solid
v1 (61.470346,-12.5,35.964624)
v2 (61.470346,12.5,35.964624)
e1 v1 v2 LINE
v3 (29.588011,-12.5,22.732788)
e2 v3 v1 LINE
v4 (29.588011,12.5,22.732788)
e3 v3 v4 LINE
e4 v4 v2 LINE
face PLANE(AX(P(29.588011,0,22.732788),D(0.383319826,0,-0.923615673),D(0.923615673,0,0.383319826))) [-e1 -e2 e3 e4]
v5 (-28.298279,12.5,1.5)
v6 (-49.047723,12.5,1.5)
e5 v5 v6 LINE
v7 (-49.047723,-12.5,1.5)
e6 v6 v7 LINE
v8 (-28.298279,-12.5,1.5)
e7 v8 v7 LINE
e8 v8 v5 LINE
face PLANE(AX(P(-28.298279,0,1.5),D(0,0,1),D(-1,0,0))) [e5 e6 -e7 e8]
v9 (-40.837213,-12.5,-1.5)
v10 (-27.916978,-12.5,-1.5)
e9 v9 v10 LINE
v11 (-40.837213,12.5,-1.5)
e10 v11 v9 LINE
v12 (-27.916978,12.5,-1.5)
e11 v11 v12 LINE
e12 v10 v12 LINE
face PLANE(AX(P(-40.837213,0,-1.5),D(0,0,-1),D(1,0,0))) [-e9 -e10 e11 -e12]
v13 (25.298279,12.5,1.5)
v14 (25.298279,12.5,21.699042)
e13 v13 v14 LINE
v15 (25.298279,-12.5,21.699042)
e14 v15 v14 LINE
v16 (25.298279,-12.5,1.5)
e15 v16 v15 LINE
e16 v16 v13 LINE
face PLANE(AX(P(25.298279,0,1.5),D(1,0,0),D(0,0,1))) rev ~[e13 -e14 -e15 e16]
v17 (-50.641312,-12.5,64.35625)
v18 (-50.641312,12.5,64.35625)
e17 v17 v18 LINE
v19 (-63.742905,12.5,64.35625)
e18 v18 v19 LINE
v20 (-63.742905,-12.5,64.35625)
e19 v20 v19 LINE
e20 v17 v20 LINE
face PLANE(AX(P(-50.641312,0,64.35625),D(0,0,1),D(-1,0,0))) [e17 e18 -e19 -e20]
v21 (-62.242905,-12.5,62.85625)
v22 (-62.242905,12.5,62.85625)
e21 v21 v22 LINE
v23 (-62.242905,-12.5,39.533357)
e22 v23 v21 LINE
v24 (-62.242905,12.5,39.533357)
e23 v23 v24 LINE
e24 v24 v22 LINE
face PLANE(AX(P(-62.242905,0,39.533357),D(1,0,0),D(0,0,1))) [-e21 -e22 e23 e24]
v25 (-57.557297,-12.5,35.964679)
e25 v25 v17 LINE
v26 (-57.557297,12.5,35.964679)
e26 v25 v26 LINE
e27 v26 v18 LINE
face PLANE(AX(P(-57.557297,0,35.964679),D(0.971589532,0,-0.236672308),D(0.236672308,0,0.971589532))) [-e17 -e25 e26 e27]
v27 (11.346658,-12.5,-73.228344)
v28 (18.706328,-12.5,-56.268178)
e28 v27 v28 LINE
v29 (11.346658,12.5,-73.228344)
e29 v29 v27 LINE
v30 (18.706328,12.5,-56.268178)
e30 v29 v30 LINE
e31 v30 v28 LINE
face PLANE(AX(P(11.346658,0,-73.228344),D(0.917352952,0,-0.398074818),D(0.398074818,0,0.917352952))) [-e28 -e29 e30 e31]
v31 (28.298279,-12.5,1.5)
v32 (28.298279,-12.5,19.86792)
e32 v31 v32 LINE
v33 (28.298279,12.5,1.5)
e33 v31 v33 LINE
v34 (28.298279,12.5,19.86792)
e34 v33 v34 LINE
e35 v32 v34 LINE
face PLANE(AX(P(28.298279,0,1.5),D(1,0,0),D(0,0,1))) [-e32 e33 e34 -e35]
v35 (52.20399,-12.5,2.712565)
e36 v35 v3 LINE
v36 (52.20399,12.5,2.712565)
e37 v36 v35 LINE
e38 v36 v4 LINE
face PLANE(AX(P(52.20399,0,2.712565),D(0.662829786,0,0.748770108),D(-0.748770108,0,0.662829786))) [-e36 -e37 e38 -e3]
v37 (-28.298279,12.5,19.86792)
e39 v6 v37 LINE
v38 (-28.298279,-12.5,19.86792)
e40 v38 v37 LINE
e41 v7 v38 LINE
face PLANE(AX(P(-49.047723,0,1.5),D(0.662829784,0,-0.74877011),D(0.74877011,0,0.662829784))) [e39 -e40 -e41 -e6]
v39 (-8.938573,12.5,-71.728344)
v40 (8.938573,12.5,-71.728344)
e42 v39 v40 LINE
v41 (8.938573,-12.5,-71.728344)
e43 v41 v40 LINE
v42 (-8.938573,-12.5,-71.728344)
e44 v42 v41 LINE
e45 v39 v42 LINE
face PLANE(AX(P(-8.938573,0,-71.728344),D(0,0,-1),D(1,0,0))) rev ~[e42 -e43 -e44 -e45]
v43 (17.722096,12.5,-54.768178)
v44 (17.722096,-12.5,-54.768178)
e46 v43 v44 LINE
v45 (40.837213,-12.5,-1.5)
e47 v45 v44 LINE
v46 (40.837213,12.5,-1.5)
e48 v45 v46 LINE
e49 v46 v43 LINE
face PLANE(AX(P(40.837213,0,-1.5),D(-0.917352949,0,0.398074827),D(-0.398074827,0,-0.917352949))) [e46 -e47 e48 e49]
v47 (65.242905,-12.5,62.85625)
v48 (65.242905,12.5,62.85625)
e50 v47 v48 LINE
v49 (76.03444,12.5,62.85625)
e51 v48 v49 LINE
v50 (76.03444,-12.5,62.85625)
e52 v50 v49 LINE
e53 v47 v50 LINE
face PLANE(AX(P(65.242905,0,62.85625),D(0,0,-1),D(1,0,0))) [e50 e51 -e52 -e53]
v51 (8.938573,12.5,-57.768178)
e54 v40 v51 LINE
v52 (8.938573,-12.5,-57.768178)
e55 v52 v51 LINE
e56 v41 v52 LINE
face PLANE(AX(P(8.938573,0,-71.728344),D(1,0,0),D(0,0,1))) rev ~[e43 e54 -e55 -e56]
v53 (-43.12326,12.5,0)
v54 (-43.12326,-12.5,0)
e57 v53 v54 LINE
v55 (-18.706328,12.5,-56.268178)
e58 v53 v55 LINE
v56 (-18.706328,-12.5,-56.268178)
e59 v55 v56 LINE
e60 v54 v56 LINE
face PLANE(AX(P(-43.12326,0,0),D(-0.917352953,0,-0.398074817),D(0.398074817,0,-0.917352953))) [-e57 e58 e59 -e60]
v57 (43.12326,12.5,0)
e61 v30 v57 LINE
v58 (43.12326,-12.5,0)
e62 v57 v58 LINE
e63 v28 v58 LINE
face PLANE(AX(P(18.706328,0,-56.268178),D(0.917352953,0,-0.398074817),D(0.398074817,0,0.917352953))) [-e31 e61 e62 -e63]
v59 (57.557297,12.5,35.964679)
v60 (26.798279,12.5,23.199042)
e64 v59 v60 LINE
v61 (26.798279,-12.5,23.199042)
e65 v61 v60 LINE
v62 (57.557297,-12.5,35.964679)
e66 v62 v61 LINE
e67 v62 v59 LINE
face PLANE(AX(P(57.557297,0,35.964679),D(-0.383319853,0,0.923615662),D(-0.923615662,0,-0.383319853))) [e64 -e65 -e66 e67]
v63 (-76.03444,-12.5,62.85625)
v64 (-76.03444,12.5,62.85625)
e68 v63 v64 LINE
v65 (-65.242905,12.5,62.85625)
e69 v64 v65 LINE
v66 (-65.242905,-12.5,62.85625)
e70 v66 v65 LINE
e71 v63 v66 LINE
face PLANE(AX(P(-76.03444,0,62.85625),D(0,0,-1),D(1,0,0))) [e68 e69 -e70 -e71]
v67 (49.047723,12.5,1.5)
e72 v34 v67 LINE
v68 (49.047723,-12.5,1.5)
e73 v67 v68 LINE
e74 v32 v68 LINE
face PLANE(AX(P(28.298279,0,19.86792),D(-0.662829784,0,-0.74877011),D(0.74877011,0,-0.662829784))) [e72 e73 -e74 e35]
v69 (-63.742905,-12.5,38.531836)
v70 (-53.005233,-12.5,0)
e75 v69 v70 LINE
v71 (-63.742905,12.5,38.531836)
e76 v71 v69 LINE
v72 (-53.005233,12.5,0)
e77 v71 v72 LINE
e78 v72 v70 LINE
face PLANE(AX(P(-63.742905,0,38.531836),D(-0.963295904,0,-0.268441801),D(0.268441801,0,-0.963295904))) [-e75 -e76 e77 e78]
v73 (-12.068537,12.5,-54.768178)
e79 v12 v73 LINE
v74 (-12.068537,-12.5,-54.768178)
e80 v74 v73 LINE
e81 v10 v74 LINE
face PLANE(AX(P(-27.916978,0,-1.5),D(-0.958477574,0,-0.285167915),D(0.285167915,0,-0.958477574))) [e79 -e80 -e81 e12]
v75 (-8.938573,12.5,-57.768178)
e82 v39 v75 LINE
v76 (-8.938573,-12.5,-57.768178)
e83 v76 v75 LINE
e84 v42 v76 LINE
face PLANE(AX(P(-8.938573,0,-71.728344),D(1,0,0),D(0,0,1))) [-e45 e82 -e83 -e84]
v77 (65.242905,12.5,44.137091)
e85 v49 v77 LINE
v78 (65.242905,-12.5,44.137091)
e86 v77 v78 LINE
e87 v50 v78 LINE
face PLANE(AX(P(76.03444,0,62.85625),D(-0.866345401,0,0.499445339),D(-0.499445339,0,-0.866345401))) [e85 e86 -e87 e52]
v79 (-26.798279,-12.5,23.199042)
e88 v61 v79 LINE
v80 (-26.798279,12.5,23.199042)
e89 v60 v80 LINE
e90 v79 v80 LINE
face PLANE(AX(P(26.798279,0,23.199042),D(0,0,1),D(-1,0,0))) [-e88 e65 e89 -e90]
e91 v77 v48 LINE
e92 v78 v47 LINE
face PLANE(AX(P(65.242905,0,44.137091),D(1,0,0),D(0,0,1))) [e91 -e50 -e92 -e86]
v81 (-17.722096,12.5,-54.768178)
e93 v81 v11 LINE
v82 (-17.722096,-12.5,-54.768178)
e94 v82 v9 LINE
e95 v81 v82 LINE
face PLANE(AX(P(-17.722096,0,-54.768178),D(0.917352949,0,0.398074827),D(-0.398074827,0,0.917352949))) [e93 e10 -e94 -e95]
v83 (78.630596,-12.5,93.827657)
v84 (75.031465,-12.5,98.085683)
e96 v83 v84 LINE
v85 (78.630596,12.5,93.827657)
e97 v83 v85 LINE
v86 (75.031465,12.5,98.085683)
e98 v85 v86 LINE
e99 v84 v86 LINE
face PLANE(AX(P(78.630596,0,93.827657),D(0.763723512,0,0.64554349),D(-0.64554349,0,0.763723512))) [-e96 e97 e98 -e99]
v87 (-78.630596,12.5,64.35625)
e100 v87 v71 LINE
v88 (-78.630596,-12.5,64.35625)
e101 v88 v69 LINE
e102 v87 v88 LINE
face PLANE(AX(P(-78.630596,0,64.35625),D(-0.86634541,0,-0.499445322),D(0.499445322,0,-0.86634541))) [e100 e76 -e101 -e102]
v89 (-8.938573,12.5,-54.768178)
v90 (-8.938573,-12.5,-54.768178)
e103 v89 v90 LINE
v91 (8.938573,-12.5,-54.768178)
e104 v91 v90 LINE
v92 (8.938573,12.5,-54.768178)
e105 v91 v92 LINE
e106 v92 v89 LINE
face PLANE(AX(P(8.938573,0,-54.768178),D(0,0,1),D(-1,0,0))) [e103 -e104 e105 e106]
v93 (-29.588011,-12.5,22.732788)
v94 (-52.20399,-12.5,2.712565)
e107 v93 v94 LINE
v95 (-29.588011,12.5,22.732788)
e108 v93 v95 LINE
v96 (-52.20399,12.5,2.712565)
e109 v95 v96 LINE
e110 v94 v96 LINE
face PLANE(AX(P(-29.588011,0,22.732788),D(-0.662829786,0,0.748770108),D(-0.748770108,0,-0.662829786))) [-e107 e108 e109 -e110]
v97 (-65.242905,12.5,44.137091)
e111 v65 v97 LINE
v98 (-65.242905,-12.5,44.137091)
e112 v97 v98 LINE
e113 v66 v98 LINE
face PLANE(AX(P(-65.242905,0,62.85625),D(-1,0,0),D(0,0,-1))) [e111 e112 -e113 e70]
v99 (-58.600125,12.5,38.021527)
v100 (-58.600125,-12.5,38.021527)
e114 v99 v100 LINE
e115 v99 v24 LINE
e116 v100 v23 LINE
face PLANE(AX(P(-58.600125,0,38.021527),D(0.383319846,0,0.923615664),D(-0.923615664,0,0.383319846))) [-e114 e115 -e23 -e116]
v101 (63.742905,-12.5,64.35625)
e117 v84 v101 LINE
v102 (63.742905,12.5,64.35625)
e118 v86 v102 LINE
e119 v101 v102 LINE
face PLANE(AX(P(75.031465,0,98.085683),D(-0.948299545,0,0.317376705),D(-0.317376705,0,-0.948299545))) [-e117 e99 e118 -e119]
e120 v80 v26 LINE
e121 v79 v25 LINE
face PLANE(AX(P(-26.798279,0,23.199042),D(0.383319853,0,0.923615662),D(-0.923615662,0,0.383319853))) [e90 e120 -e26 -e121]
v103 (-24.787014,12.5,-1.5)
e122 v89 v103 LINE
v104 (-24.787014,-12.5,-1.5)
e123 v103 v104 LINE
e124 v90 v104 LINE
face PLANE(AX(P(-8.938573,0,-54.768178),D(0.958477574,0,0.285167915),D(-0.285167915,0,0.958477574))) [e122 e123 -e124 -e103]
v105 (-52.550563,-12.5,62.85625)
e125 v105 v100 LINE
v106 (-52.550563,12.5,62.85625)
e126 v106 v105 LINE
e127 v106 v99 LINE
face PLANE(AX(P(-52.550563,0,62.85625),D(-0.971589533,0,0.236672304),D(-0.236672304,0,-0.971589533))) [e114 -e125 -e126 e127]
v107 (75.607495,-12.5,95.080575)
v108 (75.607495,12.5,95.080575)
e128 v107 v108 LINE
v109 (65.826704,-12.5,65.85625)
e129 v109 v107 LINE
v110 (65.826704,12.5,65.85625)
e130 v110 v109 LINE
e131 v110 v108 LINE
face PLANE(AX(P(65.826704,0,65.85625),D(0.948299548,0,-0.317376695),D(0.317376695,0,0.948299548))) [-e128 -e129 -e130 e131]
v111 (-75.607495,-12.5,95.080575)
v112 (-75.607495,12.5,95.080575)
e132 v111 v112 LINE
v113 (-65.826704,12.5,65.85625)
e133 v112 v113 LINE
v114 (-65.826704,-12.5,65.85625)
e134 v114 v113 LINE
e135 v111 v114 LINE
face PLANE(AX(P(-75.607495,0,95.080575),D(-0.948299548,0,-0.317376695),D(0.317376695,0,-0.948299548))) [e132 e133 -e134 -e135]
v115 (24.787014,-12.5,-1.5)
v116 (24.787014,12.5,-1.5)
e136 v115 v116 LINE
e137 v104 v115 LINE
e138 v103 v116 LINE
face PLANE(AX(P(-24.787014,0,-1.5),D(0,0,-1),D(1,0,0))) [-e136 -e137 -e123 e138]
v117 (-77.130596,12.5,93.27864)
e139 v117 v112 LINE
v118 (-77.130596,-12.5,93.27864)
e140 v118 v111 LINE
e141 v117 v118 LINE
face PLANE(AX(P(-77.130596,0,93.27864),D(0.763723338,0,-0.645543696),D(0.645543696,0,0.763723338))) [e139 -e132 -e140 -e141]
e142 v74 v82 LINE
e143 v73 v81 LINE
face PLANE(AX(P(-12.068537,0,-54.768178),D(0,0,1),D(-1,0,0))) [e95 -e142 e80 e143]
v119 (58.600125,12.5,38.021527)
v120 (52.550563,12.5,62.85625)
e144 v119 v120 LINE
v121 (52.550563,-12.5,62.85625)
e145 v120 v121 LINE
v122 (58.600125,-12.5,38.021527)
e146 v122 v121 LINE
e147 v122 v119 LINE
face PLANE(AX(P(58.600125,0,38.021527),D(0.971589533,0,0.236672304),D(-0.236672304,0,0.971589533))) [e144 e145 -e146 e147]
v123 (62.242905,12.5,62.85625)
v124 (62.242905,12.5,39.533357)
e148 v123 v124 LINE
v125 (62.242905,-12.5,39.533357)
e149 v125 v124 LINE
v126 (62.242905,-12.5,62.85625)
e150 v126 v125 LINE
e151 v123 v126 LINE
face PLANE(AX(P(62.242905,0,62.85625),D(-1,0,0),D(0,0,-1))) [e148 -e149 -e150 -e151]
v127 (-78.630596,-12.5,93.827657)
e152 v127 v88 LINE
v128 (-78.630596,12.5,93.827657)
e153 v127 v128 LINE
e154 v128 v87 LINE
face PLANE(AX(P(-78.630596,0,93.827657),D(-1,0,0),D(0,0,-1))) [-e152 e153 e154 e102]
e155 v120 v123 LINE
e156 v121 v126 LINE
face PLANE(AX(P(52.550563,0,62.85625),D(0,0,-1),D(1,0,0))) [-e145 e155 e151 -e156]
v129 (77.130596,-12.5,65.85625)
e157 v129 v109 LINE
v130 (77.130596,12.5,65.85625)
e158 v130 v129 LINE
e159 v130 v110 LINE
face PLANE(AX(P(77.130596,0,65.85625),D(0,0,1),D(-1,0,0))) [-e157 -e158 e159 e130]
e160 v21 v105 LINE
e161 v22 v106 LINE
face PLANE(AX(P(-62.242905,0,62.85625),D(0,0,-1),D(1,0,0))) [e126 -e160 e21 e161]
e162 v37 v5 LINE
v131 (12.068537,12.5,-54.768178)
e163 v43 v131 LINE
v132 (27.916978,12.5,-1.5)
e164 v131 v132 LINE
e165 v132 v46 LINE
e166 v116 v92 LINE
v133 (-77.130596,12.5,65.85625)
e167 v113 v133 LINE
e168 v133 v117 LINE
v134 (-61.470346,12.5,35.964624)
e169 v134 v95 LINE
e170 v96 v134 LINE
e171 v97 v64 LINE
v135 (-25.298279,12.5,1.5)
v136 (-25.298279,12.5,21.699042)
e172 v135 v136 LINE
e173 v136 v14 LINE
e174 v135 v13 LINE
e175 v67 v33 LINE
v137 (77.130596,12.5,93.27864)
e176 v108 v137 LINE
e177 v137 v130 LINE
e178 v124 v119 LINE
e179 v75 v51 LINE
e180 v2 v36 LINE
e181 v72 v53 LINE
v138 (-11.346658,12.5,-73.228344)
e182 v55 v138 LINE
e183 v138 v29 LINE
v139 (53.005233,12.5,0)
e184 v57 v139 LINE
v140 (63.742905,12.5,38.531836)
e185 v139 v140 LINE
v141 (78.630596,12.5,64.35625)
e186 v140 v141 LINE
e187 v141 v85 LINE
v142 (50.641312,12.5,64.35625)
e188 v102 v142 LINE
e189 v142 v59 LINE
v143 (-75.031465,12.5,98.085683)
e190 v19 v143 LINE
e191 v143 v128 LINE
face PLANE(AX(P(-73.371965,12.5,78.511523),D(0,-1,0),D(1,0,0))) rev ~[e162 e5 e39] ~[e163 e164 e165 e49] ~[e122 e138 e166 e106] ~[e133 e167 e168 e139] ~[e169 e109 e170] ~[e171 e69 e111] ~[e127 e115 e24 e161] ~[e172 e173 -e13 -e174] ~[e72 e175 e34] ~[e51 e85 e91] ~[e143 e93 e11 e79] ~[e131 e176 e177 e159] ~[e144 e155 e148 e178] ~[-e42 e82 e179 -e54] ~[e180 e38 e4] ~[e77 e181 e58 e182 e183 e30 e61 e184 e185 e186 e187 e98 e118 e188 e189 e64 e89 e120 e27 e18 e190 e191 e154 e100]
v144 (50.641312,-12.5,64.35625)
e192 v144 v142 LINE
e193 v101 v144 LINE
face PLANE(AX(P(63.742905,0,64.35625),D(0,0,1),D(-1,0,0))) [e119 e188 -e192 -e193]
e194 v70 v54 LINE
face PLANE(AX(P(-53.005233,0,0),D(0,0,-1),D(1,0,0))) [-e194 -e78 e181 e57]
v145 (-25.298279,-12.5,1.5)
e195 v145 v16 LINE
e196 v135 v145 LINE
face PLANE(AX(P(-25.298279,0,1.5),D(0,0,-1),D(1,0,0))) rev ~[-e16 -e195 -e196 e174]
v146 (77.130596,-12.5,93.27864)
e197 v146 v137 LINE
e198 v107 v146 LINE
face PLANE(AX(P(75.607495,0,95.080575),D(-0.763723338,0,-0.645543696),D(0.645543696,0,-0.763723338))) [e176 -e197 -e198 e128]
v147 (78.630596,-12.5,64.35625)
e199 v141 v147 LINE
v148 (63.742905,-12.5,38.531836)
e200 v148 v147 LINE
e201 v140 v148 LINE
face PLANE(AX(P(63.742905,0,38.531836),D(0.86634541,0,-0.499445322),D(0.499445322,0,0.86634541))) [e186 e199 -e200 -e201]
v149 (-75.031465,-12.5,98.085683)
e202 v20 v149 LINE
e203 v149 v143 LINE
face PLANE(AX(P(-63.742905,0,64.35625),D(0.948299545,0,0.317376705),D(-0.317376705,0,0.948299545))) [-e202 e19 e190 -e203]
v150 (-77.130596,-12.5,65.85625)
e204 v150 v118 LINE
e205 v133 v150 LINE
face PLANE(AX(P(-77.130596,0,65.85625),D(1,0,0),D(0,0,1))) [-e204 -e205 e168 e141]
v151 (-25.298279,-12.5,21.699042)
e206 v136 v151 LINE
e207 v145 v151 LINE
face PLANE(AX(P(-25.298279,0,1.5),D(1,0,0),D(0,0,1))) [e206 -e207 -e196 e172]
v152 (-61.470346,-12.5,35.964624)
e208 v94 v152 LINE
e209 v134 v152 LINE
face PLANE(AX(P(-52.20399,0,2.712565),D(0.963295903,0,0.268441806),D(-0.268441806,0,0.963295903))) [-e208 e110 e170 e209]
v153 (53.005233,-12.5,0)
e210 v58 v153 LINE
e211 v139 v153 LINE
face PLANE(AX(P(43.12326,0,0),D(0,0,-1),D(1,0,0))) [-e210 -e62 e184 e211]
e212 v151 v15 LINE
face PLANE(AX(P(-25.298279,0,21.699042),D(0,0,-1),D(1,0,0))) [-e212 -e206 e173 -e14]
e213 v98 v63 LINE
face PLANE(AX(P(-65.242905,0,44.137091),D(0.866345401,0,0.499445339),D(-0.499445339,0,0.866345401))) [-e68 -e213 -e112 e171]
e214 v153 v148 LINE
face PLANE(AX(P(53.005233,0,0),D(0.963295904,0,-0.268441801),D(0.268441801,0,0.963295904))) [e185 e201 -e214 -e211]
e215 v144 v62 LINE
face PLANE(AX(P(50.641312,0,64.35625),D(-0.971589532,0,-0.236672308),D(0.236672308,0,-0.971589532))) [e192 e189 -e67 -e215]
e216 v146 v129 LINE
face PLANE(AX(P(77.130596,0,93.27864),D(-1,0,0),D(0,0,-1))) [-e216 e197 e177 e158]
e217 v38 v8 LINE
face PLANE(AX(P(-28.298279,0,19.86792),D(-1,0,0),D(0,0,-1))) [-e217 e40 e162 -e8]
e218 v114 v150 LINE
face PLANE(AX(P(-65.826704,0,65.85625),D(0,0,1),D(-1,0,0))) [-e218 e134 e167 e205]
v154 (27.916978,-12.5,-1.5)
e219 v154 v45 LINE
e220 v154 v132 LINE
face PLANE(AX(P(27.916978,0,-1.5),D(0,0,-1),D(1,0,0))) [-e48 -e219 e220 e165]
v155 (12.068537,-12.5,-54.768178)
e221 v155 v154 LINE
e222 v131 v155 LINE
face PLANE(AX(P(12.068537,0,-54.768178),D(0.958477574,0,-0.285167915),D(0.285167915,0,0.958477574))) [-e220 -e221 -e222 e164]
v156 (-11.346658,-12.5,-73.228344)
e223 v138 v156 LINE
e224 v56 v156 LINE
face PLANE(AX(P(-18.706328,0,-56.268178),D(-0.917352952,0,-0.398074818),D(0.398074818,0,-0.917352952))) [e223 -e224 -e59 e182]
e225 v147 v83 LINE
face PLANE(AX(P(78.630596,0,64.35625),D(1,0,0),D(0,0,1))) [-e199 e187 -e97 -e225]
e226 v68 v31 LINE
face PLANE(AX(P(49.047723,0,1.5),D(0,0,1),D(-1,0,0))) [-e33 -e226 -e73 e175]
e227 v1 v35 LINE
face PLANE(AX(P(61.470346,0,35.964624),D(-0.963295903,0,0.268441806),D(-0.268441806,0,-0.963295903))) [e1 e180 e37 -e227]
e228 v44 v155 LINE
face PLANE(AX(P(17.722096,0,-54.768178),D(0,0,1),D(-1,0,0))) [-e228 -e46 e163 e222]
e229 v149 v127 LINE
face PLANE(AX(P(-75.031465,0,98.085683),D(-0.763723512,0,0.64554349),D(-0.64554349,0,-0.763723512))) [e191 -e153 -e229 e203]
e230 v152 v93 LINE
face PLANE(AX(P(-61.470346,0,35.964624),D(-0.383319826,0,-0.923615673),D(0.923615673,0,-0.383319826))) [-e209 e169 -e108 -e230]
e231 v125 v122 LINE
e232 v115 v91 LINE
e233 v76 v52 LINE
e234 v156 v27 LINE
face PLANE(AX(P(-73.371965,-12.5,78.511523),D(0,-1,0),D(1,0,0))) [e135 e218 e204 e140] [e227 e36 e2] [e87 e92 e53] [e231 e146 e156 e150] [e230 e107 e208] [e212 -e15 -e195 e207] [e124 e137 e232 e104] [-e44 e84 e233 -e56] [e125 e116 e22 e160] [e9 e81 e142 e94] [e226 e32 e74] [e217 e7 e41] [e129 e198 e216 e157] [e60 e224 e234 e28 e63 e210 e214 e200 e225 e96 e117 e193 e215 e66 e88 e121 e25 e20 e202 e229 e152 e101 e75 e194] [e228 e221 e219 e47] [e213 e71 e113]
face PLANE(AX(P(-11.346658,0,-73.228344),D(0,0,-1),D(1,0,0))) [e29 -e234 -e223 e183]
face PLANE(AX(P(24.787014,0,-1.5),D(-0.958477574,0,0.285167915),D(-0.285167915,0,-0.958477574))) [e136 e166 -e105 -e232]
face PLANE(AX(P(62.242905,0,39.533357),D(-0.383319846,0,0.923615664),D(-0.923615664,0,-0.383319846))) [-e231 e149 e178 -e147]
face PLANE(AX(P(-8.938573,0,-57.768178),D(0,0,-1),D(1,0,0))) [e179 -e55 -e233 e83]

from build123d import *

# Parameters (mm, degrees)
F0_W     = 50.596558
F0_H     = 20.199042
F0_W_2   = 17.877146
F0_H_2   = 13.960166
F1_DEPTH = 12.5


with BuildPart() as f1:
    # F0 (on Front) → F1 (new body, symmetric)
    with BuildSketch(Plane.XZ):
        Polygon((-78.630596, 64.35625), (-63.742905, 64.35625), (-75.031465, 98.085683), (-78.630596, 93.827657), align=None)
        Polygon((-77.130596, 65.85625), (-77.130596, 93.27864), (-75.607495, 95.080575), (-65.826704, 65.85625), align=None, mode=Mode.SUBTRACT)
        Polygon((-78.630596, 64.35625), (-63.742905, 38.531836), (-63.742905, 64.35625), align=None)
        Polygon((-65.242905, 44.137091), (-76.03444, 62.85625), (-65.242905, 62.85625), align=None, mode=Mode.SUBTRACT)
        Polygon((-63.742905, 38.531836), (-57.557297, 35.964679), (-50.641312, 64.35625), (-63.742905, 64.35625), align=None)
        Polygon((-52.550563, 62.85625), (-58.600125, 38.021527), (-62.242905, 39.533357), (-62.242905, 62.85625), align=None, mode=Mode.SUBTRACT)
        Polygon((-53.005233, 0), (-26.798279, 23.199042), (-57.557297, 35.964679), (-63.742905, 38.531836), align=None)
        Polygon((-61.470346, 35.964624), (-29.588011, 22.732788), (-52.20399, 2.712565), align=None, mode=Mode.SUBTRACT)
        Polygon((-43.12326, 0), (-26.798279, 0), (-26.798279, 23.199042), (-53.005233, 0), align=None)
        Polygon((-49.047723, 1.5), (-28.298279, 19.86792), (-28.298279, 1.5), align=None, mode=Mode.SUBTRACT)
        Polygon((-26.798279, 0), (0, 0), (26.798279, 0), (26.798279, 23.199042), (0, 23.199042), (-26.798279, 23.199042), align=None)
        with Locations((0, 11.599521)):
            Rectangle(F0_W, F0_H, mode=Mode.SUBTRACT)
        Polygon((26.798279, 23.199042), (26.798279, 0), (43.12326, 0), (53.005233, 0), align=None)
        Polygon((49.047723, 1.5), (28.298279, 1.5), (28.298279, 19.86792), align=None, mode=Mode.SUBTRACT)
        Polygon((57.557297, 35.964679), (26.798279, 23.199042), (53.005233, 0), (63.742905, 38.531836), align=None)
        Polygon((52.20399, 2.712565), (29.588011, 22.732788), (61.470346, 35.964624), align=None, mode=Mode.SUBTRACT)
        Polygon((50.641312, 64.35625), (57.557297, 35.964679), (63.742905, 38.531836), (63.742905, 64.35625), align=None)
        Polygon((52.550563, 62.85625), (62.242905, 62.85625), (62.242905, 39.533357), (58.600125, 38.021527), align=None, mode=Mode.SUBTRACT)
        Polygon((63.742905, 64.35625), (63.742905, 38.531836), (78.630596, 64.35625), align=None)
        Polygon((65.242905, 44.137091), (65.242905, 62.85625), (76.03444, 62.85625), align=None, mode=Mode.SUBTRACT)
        Polygon((75.031465, 98.085683), (63.742905, 64.35625), (78.630596, 64.35625), (78.630596, 93.827657), align=None)
        Polygon((77.130596, 65.85625), (65.826704, 65.85625), (75.607495, 95.080575), (77.130596, 93.27864), align=None, mode=Mode.SUBTRACT)
        Polygon((26.798279, 0), (0, 0), (-26.798279, 0), (-10.057273, -56.268178), (0, -56.268178), (10.057273, -56.268178), align=None)
        Polygon((-8.938573, -54.768178), (-24.787014, -1.5), (24.787014, -1.5), (8.938573, -54.768178), align=None, mode=Mode.SUBTRACT)
        Polygon((43.12326, 0), (26.798279, 0), (10.057273, -56.268178), (18.706328, -56.268178), align=None)
        Polygon((17.722096, -54.768178), (12.068537, -54.768178), (27.916978, -1.5), (40.837213, -1.5), align=None, mode=Mode.SUBTRACT)
        Polygon((-10.057273, -56.268178), (-26.798279, 0), (-43.12326, 0), (-18.706328, -56.268178), align=None)
        Polygon((-17.722096, -54.768178), (-40.837213, -1.5), (-27.916978, -1.5), (-12.068537, -54.768178), align=None, mode=Mode.SUBTRACT)
        Polygon((0, -56.268178), (-10.057273, -56.268178), (-18.706328, -56.268178), (-11.346658, -73.228344), (0, -73.228344), (11.346658, -73.228344), (18.706328, -56.268178), (10.057273, -56.268178), align=None)
        with Locations((0, -64.748261)):
            Rectangle(F0_W_2, F0_H_2, mode=Mode.SUBTRACT)
    extrude(amount=F1_DEPTH, both=True)


solid = f1.part
